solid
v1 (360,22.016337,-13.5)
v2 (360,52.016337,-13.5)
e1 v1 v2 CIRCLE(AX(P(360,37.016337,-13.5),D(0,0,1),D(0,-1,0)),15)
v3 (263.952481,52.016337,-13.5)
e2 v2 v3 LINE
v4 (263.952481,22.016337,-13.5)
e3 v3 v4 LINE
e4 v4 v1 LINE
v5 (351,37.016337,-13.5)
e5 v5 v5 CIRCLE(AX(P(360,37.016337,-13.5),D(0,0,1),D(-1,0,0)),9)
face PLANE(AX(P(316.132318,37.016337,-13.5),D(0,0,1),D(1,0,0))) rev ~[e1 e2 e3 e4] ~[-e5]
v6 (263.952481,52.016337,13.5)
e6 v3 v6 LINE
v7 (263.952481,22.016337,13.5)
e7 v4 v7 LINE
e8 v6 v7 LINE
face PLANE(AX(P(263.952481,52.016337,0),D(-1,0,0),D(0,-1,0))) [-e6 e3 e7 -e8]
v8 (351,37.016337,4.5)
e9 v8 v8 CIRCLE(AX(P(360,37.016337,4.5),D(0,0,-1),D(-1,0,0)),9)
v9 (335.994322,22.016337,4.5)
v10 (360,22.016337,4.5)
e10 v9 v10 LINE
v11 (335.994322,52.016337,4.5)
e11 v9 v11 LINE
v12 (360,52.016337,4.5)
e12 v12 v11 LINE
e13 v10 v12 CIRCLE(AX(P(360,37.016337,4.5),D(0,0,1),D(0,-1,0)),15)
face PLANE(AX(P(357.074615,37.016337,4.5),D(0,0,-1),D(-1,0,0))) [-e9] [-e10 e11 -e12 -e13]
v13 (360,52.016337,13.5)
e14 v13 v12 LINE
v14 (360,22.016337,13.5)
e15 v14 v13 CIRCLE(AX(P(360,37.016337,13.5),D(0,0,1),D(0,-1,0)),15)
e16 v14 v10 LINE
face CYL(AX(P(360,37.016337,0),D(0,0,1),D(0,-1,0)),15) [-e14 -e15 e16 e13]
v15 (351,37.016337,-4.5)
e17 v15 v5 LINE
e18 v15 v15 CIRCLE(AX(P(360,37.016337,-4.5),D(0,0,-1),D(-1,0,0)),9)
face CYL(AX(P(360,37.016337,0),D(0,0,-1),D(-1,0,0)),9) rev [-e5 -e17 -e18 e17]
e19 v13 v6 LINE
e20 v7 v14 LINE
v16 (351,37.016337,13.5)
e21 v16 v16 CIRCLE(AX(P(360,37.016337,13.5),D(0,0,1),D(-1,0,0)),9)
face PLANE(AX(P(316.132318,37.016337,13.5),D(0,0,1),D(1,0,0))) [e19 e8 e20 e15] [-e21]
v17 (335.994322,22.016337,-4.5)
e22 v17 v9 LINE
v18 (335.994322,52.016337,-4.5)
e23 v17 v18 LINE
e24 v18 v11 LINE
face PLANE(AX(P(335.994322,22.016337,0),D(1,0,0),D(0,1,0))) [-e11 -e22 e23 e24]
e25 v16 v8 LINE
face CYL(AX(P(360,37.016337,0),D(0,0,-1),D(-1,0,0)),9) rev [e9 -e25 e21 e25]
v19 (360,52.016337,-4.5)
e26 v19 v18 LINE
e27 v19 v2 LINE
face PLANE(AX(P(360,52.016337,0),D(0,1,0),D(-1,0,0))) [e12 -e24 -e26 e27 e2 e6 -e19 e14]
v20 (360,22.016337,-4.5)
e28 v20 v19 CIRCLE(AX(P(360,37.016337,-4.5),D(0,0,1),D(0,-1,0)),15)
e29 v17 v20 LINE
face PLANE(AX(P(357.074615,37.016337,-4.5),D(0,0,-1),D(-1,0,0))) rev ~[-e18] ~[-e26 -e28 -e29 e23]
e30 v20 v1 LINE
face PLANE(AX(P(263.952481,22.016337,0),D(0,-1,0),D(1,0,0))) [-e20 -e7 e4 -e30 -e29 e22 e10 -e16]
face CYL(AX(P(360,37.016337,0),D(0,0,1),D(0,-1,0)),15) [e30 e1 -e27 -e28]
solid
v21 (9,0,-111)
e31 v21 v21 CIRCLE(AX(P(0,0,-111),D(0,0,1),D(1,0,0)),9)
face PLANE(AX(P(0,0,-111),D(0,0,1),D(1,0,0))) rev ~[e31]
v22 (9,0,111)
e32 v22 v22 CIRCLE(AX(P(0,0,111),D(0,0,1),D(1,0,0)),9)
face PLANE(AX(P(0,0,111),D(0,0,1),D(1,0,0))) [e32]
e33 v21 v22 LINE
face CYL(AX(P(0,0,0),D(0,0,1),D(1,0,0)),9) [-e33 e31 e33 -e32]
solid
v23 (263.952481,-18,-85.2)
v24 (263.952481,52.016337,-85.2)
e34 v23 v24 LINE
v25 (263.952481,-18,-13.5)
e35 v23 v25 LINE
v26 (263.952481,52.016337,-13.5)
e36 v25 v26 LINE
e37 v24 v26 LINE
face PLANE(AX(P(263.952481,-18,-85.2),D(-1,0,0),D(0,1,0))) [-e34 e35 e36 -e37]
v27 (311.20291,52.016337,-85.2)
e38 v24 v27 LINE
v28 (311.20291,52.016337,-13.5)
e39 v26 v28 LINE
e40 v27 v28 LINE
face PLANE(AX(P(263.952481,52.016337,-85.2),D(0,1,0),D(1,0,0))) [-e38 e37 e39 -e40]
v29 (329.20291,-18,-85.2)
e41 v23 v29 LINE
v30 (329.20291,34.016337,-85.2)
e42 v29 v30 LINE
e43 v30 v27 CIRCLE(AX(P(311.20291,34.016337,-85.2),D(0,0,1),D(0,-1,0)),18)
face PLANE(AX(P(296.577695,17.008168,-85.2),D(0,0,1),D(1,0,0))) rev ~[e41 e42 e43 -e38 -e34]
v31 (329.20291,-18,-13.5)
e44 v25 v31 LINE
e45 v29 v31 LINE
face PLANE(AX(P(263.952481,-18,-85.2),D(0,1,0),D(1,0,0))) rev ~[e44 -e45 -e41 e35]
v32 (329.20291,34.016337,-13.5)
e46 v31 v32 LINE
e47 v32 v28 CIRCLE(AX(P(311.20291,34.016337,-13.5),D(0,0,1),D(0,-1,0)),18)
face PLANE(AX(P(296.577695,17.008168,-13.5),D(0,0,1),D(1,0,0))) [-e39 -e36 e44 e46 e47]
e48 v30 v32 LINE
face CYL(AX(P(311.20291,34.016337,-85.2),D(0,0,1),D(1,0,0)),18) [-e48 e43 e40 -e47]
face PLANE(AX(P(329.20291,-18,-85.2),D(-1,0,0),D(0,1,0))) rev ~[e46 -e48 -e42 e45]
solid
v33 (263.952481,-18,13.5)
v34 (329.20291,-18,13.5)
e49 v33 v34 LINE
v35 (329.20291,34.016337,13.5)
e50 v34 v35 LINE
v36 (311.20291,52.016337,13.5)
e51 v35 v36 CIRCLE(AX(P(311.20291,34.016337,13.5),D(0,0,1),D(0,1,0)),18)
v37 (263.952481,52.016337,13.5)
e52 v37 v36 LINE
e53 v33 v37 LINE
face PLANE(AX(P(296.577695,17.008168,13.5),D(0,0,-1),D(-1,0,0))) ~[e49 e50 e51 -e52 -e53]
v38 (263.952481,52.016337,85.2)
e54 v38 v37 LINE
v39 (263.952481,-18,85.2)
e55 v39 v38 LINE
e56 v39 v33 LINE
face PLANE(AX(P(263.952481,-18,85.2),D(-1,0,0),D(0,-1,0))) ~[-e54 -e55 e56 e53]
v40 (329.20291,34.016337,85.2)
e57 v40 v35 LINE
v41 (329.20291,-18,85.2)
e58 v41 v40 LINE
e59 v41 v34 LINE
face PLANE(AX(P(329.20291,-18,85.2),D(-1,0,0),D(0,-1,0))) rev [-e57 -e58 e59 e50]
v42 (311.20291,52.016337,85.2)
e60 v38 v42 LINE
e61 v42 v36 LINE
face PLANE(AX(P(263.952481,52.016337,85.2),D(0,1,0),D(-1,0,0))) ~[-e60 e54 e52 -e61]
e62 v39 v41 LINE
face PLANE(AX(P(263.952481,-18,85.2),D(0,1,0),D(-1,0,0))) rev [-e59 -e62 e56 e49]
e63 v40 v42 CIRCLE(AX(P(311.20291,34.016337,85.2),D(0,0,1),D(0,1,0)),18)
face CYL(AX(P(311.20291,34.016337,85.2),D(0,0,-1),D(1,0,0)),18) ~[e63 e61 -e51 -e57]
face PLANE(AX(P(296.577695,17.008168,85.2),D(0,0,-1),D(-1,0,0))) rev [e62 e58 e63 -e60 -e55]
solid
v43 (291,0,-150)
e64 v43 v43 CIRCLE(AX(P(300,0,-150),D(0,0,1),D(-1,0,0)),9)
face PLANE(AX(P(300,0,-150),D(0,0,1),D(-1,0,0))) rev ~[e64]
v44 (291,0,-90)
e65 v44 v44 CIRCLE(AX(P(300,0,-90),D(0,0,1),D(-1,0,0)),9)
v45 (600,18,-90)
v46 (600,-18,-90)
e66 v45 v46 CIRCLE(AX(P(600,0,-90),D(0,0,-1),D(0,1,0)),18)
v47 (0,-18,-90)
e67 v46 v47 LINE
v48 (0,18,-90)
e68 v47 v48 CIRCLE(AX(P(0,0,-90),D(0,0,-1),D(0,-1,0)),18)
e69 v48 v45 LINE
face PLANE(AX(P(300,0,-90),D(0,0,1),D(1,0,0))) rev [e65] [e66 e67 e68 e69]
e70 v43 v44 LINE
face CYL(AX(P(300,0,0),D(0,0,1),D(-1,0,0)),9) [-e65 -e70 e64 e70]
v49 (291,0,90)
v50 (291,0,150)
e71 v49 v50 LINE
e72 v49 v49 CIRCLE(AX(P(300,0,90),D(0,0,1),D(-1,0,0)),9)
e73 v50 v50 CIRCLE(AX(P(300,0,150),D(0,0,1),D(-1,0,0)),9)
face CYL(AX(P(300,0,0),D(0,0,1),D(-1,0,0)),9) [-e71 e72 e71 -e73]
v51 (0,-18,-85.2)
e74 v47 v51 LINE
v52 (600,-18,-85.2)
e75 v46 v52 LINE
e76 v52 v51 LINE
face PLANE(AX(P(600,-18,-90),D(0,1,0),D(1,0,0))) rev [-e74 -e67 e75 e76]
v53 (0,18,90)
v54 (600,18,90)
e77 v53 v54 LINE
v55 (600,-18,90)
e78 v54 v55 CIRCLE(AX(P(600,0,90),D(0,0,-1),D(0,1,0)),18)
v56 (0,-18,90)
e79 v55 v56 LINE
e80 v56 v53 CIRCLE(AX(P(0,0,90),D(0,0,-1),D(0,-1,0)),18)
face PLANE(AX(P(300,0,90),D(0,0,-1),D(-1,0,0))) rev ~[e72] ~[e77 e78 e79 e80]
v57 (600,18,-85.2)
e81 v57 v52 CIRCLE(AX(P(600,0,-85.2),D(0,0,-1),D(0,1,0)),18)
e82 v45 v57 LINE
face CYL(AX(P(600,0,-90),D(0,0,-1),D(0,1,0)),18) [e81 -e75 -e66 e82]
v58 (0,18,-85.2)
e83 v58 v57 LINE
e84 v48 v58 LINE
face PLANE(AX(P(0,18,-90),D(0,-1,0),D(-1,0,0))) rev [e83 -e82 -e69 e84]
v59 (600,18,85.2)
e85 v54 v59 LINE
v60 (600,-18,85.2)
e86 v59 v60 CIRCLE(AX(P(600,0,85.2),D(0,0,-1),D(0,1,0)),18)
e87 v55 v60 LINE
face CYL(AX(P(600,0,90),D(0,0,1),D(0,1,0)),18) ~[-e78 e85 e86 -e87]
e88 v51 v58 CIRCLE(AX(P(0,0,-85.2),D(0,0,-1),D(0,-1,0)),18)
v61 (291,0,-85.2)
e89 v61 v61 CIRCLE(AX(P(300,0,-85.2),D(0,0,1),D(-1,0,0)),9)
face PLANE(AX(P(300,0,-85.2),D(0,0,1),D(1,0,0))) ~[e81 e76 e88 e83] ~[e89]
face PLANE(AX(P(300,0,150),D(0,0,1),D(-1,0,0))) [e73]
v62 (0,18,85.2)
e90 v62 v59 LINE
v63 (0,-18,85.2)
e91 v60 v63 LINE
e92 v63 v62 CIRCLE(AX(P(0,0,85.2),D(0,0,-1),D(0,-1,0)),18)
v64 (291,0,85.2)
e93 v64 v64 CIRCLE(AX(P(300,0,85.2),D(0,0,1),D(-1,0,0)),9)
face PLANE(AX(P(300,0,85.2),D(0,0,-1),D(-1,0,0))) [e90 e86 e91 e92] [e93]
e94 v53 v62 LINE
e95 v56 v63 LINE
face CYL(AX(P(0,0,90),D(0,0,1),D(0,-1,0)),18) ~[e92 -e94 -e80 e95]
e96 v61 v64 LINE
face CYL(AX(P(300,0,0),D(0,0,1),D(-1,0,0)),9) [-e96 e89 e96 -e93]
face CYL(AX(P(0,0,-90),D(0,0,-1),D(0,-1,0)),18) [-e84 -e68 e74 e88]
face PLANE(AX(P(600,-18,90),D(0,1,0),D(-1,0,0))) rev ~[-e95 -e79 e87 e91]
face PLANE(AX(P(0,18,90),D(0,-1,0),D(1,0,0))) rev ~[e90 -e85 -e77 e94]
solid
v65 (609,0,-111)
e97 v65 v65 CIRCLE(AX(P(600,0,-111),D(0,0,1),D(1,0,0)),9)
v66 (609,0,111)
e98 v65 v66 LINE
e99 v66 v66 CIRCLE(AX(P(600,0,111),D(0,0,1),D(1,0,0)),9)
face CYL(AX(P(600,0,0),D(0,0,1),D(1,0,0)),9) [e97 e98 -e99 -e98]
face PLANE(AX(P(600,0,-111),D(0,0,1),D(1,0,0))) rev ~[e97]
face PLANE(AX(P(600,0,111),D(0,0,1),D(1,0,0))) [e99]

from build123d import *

# Parameters (mm, degrees)
SKETCH_1_R          = 15
EXTRUDE_1_DEPTH     = 185
EXTRUDE_1_2_DEPTH   = 185
EXTRUDE_2_DEPTH     = 8
SKETCH_3_R          = 15
EXTRUDE_3_DEPTH     = 250
SKETCH_5_R          = 15
EXTRUDE_4_DEPTH     = 22.5
SKETCH_6_W          = 108.750714941
SKETCH_6_H          = 116.693894846
EXTRUDE_5_DEPTH     = 119.5
FILLET_1_R          = 30
FILLET_2_R          = 30
CUT_EXTRUDE_2_DEPTH = 7.5
SCALE_1_SCALE       = 0.6


with BuildPart() as part:
    # 草图1 → 凸台-拉伸1 (new, symmetric)
    with BuildSketch(Plane.XY):
        Circle(SKETCH_1_R)
    extrude(amount=EXTRUDE_1_DEPTH, both=True)


with BuildPart() as body_2:
    # 草图1 → Extrude 1 2 (new, symmetric)
    with BuildSketch(Plane.XY):
        with Locations((1000, 0)):
            Circle(SKETCH_1_R)
    extrude(amount=EXTRUDE_1_2_DEPTH, both=True)


with BuildPart() as body_3:
    # 草图2 → 凸台-拉伸2 (new body)
    with BuildSketch(Plane.XY.offset(150)):
        with BuildLine():
            Line((0, 30), (1000, 30))
            ThreePointArc((1000, 30), (1030, 0), (1000, -30))
            Line((1000, -30), (0, -30))
            ThreePointArc((0, -30), (-30, 0), (0, 30))
        make_face()
    extrude(amount=-EXTRUDE_2_DEPTH)


with BuildPart() as body_4:
    # 镜向1: mirrored copy
    add(body_3.part.mirror(Plane.XY))


with BuildPart() as body_3_1:
    add(body_3.part)

    add(body_4.part)  # 凸台-拉伸3 merges body 4
    # 草图3 → 凸台-拉伸3 (add, symmetric)
    with BuildSketch(Plane.XY):
        with Locations(Location((500, 0, 0), (0, 0, 180))):
            Circle(SKETCH_3_R)
    extrude(amount=EXTRUDE_3_DEPTH, both=True)


with BuildPart() as body_4_2:
    # 草图5 → 凸台-拉伸4 (new, symmetric)
    with BuildSketch(Plane.XY):
        with BuildLine():
            Line((600, 86.693894846), (439.920801344, 86.693894846))
            Line((439.920801344, 86.693894846), (439.920801344, 36.693894846))
            Line((439.920801344, 36.693894846), (600, 36.693894846))
            ThreePointArc((600, 36.693894846), (625, 61.693894846), (600, 86.693894846))
        make_face()
        with Locations(Location((600, 61.693894846, 0), (0, 0, 180))):
            Circle(SKETCH_5_R, mode=Mode.SUBTRACT)
    extrude(amount=EXTRUDE_4_DEPTH, both=True)

    # 草图9 → 切除-拉伸2 (cut, symmetric)
    with BuildSketch(Plane.XY):
        Polygon((600, 86.693894846), (630.258181454, 86.693894846), (630.258181454, 36.693894846), (600, 36.693894846), (559.990536036, 36.693894846), (559.990536036, 86.693894846), align=None)
    extrude(amount=CUT_EXTRUDE_2_DEPTH, both=True, mode=Mode.SUBTRACT)


with BuildPart() as body_5:
    # 草图6 → 凸台-拉伸5 (new body)
    with BuildSketch(Plane.XY.offset(-142)):
        with Locations((494.296158815, 28.346947423)):
            Rectangle(SKETCH_6_W, SKETCH_6_H)
    extrude(amount=EXTRUDE_5_DEPTH)


with BuildPart() as body_6:
    # 镜向2: mirrored copy
    add(body_5.part.mirror(Plane.XY))

    # 圆角2
    fillet_2_edges = [body_6.edges().sort_by_distance(p)[0] for p in [
        (548.671516285, 86.693894846, 82.25),
    ]]
    fillet(fillet_2_edges, radius=FILLET_2_R)


with BuildPart() as body_5_1:
    add(body_5.part)

    # 圆角1
    fillet_1_edges = [body_5_1.edges().sort_by_distance(p)[0] for p in [
        (548.671516285, 86.693894846, -82.25),
    ]]
    fillet(fillet_1_edges, radius=FILLET_1_R)


with BuildPart() as part_1:
    # 缩放比例1: scaled about (0, 0, 0)
    add(part.part.scale(SCALE_1_SCALE))


with BuildPart() as body_2_1:
    # 缩放比例1: scaled about (0, 0, 0)
    add(body_2.part.scale(SCALE_1_SCALE))


with BuildPart() as body_3_2:
    # 缩放比例1: scaled about (0, 0, 0)
    add(body_3_1.part.scale(SCALE_1_SCALE))


with BuildPart() as body_5_2:
    # 缩放比例1: scaled about (0, 0, 0)
    add(body_5_1.part.scale(SCALE_1_SCALE))


with BuildPart() as body_6_1:
    # 缩放比例1: scaled about (0, 0, 0)
    add(body_6.part.scale(SCALE_1_SCALE))


with BuildPart() as body_4_2_1:
    # 缩放比例1: scaled about (0, 0, 0)
    add(body_4_2.part.scale(SCALE_1_SCALE))


solid = Compound([part_1.part, body_2_1.part, body_3_2.part, body_5_2.part, body_6_1.part, body_4_2_1.part])
